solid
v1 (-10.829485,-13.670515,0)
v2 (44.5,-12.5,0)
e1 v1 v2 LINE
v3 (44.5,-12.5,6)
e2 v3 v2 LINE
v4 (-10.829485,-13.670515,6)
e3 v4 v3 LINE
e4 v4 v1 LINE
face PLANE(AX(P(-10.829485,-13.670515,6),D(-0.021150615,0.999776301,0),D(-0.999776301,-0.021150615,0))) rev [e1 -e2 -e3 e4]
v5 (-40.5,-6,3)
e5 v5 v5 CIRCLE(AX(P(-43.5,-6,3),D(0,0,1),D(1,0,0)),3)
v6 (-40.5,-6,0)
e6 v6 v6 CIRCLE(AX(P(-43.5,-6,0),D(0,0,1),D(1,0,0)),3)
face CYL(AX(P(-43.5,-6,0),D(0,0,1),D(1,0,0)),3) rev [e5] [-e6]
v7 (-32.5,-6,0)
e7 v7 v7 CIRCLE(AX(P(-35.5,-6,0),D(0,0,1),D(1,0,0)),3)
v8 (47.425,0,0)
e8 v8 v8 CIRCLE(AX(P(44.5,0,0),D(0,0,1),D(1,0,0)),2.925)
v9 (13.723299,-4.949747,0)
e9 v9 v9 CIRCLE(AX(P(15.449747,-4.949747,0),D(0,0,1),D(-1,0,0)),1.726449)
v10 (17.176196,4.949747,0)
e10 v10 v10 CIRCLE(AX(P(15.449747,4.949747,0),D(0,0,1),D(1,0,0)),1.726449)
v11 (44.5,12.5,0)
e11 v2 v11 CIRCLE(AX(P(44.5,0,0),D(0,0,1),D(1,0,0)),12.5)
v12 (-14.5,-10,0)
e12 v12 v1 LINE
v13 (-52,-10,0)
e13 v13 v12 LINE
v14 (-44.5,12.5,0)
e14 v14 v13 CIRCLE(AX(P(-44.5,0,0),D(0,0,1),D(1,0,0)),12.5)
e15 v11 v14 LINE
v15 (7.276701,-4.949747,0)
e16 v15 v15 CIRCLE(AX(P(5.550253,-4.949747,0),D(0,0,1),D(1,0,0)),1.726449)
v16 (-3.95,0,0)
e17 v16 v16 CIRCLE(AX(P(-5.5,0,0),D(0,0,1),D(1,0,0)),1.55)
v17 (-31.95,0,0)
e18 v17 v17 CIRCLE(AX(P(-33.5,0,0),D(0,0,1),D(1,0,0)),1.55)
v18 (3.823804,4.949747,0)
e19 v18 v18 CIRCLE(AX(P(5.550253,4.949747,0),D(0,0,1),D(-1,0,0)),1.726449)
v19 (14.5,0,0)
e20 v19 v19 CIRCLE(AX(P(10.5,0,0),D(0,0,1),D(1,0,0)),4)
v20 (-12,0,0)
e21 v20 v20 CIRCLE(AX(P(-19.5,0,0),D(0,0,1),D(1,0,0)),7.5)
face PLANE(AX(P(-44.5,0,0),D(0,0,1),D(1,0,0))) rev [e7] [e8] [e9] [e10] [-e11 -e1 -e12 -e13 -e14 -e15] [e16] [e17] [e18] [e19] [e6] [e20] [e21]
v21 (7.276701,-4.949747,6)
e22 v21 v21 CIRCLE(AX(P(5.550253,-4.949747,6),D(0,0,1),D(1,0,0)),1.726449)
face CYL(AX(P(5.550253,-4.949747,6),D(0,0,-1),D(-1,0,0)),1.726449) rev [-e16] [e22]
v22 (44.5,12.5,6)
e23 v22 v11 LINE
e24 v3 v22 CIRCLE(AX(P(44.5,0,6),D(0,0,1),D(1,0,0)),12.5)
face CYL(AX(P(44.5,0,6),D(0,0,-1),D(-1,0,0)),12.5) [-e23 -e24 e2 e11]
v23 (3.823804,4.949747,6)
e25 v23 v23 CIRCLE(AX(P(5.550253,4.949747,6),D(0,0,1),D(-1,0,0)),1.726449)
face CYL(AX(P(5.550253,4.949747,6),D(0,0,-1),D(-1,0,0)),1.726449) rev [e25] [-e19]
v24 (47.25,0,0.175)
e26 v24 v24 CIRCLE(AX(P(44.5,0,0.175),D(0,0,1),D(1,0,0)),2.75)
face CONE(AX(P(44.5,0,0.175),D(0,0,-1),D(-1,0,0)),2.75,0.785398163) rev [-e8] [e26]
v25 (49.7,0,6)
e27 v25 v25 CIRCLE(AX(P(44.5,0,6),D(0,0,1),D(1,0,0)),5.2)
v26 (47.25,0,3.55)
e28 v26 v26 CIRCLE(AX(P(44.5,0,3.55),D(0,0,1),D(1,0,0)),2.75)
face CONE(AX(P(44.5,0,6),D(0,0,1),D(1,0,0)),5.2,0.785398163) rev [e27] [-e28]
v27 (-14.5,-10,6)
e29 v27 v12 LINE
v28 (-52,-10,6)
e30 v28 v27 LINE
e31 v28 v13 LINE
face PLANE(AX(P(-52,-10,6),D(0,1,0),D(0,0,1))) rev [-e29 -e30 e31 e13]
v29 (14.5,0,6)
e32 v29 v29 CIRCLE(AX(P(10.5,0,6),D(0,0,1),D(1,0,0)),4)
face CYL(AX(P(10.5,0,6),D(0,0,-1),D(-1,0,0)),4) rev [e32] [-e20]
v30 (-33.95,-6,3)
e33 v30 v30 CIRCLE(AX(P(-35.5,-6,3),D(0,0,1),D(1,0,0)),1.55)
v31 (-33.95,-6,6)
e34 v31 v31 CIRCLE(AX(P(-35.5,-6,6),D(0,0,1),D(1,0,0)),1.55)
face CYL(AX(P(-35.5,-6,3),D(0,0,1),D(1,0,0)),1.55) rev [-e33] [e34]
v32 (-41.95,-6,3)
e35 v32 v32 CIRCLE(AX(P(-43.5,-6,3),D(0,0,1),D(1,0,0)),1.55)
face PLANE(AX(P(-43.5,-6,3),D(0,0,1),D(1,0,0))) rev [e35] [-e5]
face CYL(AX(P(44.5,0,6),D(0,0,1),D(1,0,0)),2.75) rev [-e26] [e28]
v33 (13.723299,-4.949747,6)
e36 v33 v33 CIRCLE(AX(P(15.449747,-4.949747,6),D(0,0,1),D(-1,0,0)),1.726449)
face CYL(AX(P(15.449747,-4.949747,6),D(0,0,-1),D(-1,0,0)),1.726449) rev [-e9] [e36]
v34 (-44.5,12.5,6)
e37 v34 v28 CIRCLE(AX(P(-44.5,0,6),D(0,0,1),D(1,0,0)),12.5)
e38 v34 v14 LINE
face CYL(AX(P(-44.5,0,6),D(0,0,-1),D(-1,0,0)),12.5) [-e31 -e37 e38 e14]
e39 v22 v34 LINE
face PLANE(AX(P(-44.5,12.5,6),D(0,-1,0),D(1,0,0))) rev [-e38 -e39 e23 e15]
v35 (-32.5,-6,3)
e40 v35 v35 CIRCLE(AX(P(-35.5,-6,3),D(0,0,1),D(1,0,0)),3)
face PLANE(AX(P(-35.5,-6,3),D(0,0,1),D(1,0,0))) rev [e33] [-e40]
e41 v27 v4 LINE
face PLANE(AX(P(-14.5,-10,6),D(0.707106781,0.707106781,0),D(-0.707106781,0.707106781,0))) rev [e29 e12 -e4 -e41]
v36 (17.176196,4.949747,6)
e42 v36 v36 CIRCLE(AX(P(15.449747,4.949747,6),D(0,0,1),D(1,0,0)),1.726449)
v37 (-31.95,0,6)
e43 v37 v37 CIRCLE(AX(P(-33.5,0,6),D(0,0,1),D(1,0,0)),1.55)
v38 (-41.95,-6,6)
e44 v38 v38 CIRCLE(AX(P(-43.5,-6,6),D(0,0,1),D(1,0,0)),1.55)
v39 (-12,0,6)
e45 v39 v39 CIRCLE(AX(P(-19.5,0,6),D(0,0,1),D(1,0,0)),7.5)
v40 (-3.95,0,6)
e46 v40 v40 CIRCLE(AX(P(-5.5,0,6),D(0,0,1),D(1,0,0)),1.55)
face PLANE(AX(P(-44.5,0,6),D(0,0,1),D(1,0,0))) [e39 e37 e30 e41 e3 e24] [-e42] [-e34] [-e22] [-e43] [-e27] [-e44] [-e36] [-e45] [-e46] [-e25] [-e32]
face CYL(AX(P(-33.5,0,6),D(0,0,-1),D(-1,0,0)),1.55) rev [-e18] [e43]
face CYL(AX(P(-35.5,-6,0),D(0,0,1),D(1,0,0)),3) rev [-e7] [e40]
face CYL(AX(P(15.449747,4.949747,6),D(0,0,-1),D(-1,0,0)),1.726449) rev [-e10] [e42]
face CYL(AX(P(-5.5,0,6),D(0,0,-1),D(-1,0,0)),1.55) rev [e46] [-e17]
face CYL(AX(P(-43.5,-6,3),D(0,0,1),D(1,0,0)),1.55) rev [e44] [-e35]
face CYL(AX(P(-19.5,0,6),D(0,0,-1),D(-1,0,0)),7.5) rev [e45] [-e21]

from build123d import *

# Parameters (mm, degrees)
SKETCH1_R           = 4
SKETCH1_R_2         = 1.726448843
SKETCH1_R_3         = 7.5
SKETCH1_R_4         = 1.55
BOSS_EXTRUDE1_DEPTH = 6
SKETCH4_R           = 1.55
CUT_EXTRUDE1_DEPTH  = 3
SKETCH5_R           = 3
CUT_EXTRUDE2_DEPTH  = 59.693125381


with BuildPart() as part:
    # Sketch1 → Boss-Extrude1 (new body)
    with BuildSketch(Plane.XY):
        with BuildLine():
            Line((-44.5, 12.5), (44.5, 12.5))
            ThreePointArc((44.5, 12.5), (57, 0), (44.5, -12.5))
            Line((44.5, -12.5), (-10.829485489, -13.670514511))
            Line((-10.829485489, -13.670514511), (-14.5, -10))
            Line((-14.5, -10), (-52, -10))
            ThreePointArc((-52, -10), (-56.358541226, 3.952847075), (-44.5, 12.5))
        make_face()
        with Locations((10.5, 0)):
            Circle(SKETCH1_R, mode=Mode.SUBTRACT)
        with Locations((15.449747468, 4.949747468)):
            Circle(SKETCH1_R_2, mode=Mode.SUBTRACT)
        with Locations(Location((5.550252532, 4.949747468, 0), (0, 0, 180))):
            Circle(SKETCH1_R_2, mode=Mode.SUBTRACT)
        with Locations((5.550252532, -4.949747468)):
            Circle(SKETCH1_R_2, mode=Mode.SUBTRACT)
        with Locations(Location((15.449747468, -4.949747468, 0), (0, 0, 180))):
            Circle(SKETCH1_R_2, mode=Mode.SUBTRACT)
        with Locations((-19.5, 0)):
            Circle(SKETCH1_R_3, mode=Mode.SUBTRACT)
        with Locations((-5.5, 0)):
            Circle(SKETCH1_R_4, mode=Mode.SUBTRACT)
        with Locations((-33.5, 0)):
            Circle(SKETCH1_R_4, mode=Mode.SUBTRACT)
    extrude(amount=BOSS_EXTRUDE1_DEPTH)

    # Sketch3 → CSK for M5 Flat Head Machine Screw1 (revolve, cut)
    with BuildSketch(Plane(origin=(44.5, 0, 6), x_dir=(0, -1, 0), z_dir=(1, 0, 0))):
        Polygon((0, 0), (0, 6), (2.925, 6), (2.75, 5.825), (2.75, 2.45), (5.2, 0), align=None)
    revolve(axis=Axis((44.5, 0, 12.35), (0, 0, -1)), mode=Mode.SUBTRACT)

    # Sketch4 → Cut-Extrude1 (cut)
    with BuildSketch(Plane.XY.offset(6)):
        with Locations((-43.5, -6)):
            Circle(SKETCH4_R)
        with Locations((-35.5, -6)):
            Circle(SKETCH4_R)
    extrude(amount=-CUT_EXTRUDE1_DEPTH, mode=Mode.SUBTRACT)

    # Sketch5 → Cut-Extrude2 (cut, through all)
    with BuildSketch(Plane.XY.offset(3)):
        with Locations((-35.5, -6)):
            Circle(SKETCH5_R)
        with Locations((-43.5, -6)):
            Circle(SKETCH5_R)
    extrude(amount=-CUT_EXTRUDE2_DEPTH, mode=Mode.SUBTRACT)


solid = part.part
